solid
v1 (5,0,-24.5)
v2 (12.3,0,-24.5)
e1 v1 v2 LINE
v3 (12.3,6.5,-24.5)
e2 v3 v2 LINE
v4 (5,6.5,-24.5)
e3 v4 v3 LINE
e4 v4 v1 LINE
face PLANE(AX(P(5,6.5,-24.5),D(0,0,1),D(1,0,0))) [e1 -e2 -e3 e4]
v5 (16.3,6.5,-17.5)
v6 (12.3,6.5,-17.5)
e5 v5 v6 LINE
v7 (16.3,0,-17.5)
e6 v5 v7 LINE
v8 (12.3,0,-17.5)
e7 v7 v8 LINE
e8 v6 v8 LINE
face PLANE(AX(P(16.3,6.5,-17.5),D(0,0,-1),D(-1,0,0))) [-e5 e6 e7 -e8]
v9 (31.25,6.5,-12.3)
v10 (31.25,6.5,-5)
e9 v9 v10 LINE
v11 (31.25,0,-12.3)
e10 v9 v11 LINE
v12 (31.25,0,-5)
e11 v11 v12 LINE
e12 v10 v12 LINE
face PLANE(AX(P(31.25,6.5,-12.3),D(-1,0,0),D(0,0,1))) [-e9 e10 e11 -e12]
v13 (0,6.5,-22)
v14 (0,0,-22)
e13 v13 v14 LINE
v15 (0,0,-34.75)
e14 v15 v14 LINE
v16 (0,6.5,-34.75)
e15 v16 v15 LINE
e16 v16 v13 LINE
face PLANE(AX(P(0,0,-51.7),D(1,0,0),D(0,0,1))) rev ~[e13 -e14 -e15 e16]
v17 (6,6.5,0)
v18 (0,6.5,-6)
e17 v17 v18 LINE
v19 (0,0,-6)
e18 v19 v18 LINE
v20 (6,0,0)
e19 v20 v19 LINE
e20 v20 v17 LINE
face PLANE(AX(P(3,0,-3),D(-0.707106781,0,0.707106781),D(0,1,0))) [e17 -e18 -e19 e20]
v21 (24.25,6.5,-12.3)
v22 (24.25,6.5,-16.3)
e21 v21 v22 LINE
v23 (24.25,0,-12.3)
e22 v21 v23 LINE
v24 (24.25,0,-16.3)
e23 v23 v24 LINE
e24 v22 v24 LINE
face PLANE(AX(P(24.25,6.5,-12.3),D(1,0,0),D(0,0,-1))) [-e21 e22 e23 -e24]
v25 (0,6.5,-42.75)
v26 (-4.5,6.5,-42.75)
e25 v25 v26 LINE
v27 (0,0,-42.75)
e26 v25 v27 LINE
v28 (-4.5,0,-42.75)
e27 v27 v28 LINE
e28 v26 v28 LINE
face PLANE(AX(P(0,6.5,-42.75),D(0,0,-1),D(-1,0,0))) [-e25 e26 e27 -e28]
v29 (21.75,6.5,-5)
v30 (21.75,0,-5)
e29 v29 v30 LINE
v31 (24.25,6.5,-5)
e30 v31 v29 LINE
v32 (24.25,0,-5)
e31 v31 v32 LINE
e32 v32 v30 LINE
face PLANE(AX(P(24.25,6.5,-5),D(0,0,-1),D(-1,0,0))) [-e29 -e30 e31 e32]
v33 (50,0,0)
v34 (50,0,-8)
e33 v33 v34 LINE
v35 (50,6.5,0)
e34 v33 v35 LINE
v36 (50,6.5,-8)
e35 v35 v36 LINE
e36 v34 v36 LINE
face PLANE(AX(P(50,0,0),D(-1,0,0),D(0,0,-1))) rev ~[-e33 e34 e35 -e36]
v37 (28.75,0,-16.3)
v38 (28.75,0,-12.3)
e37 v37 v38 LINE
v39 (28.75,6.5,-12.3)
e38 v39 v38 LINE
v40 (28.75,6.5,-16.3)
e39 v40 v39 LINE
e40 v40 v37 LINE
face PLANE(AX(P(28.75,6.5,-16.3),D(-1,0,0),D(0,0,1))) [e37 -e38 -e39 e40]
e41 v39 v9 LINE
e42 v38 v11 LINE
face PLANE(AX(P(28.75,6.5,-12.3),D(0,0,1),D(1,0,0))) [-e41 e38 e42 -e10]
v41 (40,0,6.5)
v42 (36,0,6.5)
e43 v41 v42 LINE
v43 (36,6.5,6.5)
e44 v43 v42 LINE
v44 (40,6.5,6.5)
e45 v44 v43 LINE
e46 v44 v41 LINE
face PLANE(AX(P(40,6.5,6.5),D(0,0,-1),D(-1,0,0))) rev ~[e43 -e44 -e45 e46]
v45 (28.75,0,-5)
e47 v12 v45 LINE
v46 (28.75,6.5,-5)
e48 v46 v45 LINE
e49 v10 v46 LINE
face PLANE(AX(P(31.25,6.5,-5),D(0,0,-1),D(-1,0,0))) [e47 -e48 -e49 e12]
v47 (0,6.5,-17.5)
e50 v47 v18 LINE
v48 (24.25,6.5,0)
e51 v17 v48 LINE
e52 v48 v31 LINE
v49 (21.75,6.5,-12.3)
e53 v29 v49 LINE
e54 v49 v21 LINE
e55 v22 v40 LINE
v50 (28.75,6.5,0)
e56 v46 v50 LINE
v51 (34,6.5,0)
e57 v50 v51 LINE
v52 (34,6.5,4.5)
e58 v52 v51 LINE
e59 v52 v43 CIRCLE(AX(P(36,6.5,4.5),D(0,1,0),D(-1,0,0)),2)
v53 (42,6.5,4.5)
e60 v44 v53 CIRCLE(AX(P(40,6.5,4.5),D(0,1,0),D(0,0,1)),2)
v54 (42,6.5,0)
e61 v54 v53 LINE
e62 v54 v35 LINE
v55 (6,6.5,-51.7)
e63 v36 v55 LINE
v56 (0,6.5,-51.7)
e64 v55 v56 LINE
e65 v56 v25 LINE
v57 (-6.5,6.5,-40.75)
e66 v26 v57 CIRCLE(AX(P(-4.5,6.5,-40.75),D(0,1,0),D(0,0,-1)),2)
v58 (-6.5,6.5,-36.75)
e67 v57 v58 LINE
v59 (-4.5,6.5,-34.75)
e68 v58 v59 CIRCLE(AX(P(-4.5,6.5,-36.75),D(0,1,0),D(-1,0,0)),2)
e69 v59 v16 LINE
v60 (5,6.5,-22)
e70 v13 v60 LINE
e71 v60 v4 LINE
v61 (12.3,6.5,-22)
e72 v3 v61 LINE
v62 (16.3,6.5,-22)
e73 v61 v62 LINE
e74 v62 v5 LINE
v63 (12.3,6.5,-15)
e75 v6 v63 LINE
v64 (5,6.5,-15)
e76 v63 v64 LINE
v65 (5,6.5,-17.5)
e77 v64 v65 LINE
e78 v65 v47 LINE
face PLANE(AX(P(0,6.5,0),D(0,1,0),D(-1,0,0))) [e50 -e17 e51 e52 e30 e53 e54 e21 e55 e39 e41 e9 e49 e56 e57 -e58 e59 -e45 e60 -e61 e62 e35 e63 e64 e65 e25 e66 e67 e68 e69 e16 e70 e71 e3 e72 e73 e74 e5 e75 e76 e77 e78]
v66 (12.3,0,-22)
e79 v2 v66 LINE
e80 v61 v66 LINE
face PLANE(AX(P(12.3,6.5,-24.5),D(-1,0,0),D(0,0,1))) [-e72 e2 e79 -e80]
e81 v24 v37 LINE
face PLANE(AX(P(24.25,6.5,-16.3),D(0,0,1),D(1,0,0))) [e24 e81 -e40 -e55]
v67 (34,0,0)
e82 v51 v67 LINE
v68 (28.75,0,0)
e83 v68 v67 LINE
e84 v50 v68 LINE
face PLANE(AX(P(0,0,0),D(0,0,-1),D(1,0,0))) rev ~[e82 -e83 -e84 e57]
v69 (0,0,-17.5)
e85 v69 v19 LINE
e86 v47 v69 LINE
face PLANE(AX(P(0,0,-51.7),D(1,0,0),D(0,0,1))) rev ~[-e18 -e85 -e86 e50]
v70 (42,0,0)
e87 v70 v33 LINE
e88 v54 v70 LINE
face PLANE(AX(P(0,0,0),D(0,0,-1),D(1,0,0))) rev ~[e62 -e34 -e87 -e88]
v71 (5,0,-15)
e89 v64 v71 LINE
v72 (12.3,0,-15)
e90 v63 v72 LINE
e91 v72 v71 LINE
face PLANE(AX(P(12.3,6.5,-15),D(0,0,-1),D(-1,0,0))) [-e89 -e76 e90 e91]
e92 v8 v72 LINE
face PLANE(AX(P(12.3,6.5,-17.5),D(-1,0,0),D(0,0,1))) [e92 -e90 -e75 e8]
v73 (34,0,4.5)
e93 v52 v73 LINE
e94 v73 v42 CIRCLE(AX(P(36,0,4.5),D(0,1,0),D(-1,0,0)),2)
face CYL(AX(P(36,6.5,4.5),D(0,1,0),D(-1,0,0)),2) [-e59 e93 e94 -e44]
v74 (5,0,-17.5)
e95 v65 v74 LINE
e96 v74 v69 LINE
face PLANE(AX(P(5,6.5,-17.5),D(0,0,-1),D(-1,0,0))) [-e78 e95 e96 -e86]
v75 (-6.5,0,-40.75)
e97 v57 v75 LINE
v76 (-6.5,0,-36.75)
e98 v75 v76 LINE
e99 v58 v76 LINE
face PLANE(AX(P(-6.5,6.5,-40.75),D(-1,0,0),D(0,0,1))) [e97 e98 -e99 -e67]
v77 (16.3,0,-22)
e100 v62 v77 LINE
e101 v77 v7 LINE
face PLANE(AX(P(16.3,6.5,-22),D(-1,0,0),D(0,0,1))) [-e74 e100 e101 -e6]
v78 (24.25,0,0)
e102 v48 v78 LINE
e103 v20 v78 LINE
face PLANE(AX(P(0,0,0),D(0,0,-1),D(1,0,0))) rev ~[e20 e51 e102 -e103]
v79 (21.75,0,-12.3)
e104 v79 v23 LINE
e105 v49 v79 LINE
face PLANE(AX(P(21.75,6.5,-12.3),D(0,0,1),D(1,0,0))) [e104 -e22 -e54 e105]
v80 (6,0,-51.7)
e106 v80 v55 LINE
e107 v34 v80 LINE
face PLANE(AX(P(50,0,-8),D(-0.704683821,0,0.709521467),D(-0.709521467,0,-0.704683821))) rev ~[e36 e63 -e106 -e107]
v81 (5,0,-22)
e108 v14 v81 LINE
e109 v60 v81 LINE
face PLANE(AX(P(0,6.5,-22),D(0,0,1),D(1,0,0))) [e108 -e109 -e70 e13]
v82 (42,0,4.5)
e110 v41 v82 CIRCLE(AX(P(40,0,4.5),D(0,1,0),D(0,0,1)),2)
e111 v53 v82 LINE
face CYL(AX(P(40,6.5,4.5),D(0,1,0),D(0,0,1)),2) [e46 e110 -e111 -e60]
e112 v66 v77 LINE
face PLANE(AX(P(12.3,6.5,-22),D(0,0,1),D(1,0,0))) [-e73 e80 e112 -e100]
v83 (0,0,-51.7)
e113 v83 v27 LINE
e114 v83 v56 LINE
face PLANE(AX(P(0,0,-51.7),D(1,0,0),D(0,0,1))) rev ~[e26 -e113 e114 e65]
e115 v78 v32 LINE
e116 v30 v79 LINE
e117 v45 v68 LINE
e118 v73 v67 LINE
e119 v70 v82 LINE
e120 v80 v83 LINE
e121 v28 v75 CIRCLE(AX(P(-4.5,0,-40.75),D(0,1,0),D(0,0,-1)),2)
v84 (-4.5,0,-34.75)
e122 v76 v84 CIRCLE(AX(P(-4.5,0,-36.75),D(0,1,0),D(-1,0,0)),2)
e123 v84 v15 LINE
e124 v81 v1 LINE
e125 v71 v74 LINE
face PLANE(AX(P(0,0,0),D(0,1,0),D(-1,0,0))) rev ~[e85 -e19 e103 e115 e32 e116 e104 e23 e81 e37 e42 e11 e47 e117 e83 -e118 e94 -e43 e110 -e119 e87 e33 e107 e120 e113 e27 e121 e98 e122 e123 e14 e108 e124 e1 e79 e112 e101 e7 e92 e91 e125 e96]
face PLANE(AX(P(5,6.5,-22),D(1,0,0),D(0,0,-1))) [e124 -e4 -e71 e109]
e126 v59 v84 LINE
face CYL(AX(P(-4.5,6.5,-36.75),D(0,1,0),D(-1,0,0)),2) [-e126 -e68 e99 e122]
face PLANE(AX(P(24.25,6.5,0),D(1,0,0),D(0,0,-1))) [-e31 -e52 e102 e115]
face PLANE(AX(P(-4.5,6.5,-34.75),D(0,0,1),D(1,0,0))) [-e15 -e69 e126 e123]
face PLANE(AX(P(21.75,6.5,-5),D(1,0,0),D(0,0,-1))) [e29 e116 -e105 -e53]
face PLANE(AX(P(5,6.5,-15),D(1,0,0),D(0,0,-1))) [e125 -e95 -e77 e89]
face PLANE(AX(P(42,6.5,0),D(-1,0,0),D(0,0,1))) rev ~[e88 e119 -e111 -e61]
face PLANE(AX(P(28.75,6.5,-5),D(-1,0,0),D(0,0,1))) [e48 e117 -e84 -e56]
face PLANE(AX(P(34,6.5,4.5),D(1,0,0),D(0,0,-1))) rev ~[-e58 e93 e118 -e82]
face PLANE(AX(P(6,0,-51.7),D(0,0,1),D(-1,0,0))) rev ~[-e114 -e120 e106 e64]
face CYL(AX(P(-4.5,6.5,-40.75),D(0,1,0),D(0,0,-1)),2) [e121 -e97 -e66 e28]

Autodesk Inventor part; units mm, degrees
ref_plane "YZ Plane" through (0, 0, 0) normal (1, 0, 0) x (0, 1, 0)
ref_plane "XZ Plane" through (0, 0, 0) normal (0, 1, 0) x (-1, 0, 0)
ref_plane "XY Plane" through (0, 0, 0) normal (0, 0, 1) x (1, 0, 0)
sketch "Sketch1" plane through (0, 0, 0) normal (0, 1, 0) x (-1, 0, 0)
  line L0 (0, -51.7) -> (0, 0)
  line L1 (0, 0) -> (-50, 0)
  line L2 (-50, 0) -> (-50, -8)
  line L3 (-50, -8) -> (-6, -51.7)
  line L4 (-6, -51.7) -> (0, -51.7)
  dimension "d0" = 51.7
  dimension "d1" = 50
  dimension "d2" = 8
  dimension "d3" = 6
extrude "Extrusion1" add sketch "Sketch1" along normal blind 6.5
sketch "Sketch2" plane through (0, 6.5, 0) normal (0, 1, 0) x (1, 0, 0)
  line L0 (0, 0) -> (50, 0) projected
  line L1 (50, 0) -> (50, 8) projected
  line L2 (34, 0) -> (42, 0)
  line L3 (42, 0) -> (42, -4.5)
  line L4 (40, -6.5) -> (36, -6.5)
  line L5 (34, -4.5) -> (34, 0)
  arc A0 (34, -4.5) -> (36, -6.5) centre (36, -4.5) ccw
  arc A1 (40, -6.5) -> (42, -4.5) centre (40, -4.5) ccw
  dimension "d6" = 2
  dimension "d7" = 8
  dimension "d8" = 6.5
  dimension "d9" = 8
extrude "Extrusion2" add sketch "Sketch2" against normal blind 6.5
sketch "Sketch3" plane through (0, 6.5, 0) normal (0, 1, 0) x (1, 0, 0)
  line L0 (0, 0) -> (34, 0) projected
  line L1 (34, 0) -> (34, -4.5) projected
  line L2 (24.25, 16.3) -> (28.75, 16.3)
  line L3 (28.75, 0) -> (24.25, 0)
  line L4 (31.25, 12.3) -> (31.25, 5)
  line L5 (21.75, 5) -> (21.75, 12.3)
  line L6 (21.75, 12.3) -> (24.25, 12.3)
  line L7 (28.75, 12.3) -> (31.25, 12.3)
  line L8 (24.25, 0) -> (24.25, 5)
  line L9 (24.25, 12.3) -> (24.25, 16.3)
  line L10 (31.25, 5) -> (28.75, 5)
  line L11 (24.25, 5) -> (21.75, 5)
  line L12 (28.75, 16.3) -> (28.75, 12.3)
  line L13 (28.75, 5) -> (28.75, 0)
  point P0 (26.5, 16.3)
  dimension "d12" = 4.5
  dimension "d13" = 5
  dimension "d14" = 7.3
  dimension "d15" = 4
  dimension "d16" = 2.5
  dimension "d17" = 7.5
extrude "Extrusion3" cut sketch "Sketch3" against normal through all
sketch "Sketch4" plane through (0, 6.5, 0) normal (0, 1, 0) x (1, 0, 0)
  line L0 (0, 51.7) -> (0, 0) projected
  line L1 (0, 0) -> (24.25, 0) projected
  line L2 (16.3, 22) -> (16.3, 17.5)
  line L3 (0, 17.5) -> (0, 22)
  line L4 (5, 24.5) -> (12.3, 24.5)
  line L5 (12.3, 15) -> (5, 15)
  line L6 (0, 22) -> (5, 22)
  line L7 (12.3, 22) -> (16.3, 22)
  line L8 (16.3, 17.5) -> (12.3, 17.5)
  line L9 (5, 17.5) -> (0, 17.5)
  line L10 (5, 15) -> (5, 17.5)
  line L11 (5, 22) -> (5, 24.5)
  line L12 (12.3, 24.5) -> (12.3, 22)
  line L13 (12.3, 17.5) -> (12.3, 15)
  point P0 (16.3, 19.75)
  dimension "d20" = 4.5
  dimension "d21" = 5
  dimension "d22" = 4
  dimension "d23" = 7.3
  dimension "d24" = 19.75
  dimension "d25" = 2.5
extrude "Extrusion4" cut sketch "Sketch4" against normal through all
sketch "Sketch5" plane through (0, 6.5, 0) normal (0, 1, 0) x (1, 0, 0)
  line L0 (16.3, 22) -> (16.3, 17.5) projected
  line L1 (0, 51.7) -> (0, 22) projected
  line L2 (0, 42.75) -> (-4.5, 42.75)
  line L3 (-6.5, 40.75) -> (-6.5, 36.75)
  line L4 (-4.5, 34.75) -> (0, 34.75)
  line L5 (0, 34.75) -> (0, 42.75)
  arc A0 (-4.5, 42.75) -> (-6.5, 40.75) centre (-4.5, 40.75) ccw
  arc A1 (-6.5, 36.75) -> (-4.5, 34.75) centre (-4.5, 36.75) ccw
  point P0 (16.3, 19.75)
  dimension "d28" = 2
  dimension "d29" = 8
  dimension "d30" = 6.5
  dimension "d31" = 15
extrude "Extrusion5" add sketch "Sketch5" against normal blind 6.5
chamfer "Chamfer1" distance 6 angle 45 1 edges at (0, 3.25, 0)
properties part number "x_carryage_brace_top" material "Plywood, Finish"
